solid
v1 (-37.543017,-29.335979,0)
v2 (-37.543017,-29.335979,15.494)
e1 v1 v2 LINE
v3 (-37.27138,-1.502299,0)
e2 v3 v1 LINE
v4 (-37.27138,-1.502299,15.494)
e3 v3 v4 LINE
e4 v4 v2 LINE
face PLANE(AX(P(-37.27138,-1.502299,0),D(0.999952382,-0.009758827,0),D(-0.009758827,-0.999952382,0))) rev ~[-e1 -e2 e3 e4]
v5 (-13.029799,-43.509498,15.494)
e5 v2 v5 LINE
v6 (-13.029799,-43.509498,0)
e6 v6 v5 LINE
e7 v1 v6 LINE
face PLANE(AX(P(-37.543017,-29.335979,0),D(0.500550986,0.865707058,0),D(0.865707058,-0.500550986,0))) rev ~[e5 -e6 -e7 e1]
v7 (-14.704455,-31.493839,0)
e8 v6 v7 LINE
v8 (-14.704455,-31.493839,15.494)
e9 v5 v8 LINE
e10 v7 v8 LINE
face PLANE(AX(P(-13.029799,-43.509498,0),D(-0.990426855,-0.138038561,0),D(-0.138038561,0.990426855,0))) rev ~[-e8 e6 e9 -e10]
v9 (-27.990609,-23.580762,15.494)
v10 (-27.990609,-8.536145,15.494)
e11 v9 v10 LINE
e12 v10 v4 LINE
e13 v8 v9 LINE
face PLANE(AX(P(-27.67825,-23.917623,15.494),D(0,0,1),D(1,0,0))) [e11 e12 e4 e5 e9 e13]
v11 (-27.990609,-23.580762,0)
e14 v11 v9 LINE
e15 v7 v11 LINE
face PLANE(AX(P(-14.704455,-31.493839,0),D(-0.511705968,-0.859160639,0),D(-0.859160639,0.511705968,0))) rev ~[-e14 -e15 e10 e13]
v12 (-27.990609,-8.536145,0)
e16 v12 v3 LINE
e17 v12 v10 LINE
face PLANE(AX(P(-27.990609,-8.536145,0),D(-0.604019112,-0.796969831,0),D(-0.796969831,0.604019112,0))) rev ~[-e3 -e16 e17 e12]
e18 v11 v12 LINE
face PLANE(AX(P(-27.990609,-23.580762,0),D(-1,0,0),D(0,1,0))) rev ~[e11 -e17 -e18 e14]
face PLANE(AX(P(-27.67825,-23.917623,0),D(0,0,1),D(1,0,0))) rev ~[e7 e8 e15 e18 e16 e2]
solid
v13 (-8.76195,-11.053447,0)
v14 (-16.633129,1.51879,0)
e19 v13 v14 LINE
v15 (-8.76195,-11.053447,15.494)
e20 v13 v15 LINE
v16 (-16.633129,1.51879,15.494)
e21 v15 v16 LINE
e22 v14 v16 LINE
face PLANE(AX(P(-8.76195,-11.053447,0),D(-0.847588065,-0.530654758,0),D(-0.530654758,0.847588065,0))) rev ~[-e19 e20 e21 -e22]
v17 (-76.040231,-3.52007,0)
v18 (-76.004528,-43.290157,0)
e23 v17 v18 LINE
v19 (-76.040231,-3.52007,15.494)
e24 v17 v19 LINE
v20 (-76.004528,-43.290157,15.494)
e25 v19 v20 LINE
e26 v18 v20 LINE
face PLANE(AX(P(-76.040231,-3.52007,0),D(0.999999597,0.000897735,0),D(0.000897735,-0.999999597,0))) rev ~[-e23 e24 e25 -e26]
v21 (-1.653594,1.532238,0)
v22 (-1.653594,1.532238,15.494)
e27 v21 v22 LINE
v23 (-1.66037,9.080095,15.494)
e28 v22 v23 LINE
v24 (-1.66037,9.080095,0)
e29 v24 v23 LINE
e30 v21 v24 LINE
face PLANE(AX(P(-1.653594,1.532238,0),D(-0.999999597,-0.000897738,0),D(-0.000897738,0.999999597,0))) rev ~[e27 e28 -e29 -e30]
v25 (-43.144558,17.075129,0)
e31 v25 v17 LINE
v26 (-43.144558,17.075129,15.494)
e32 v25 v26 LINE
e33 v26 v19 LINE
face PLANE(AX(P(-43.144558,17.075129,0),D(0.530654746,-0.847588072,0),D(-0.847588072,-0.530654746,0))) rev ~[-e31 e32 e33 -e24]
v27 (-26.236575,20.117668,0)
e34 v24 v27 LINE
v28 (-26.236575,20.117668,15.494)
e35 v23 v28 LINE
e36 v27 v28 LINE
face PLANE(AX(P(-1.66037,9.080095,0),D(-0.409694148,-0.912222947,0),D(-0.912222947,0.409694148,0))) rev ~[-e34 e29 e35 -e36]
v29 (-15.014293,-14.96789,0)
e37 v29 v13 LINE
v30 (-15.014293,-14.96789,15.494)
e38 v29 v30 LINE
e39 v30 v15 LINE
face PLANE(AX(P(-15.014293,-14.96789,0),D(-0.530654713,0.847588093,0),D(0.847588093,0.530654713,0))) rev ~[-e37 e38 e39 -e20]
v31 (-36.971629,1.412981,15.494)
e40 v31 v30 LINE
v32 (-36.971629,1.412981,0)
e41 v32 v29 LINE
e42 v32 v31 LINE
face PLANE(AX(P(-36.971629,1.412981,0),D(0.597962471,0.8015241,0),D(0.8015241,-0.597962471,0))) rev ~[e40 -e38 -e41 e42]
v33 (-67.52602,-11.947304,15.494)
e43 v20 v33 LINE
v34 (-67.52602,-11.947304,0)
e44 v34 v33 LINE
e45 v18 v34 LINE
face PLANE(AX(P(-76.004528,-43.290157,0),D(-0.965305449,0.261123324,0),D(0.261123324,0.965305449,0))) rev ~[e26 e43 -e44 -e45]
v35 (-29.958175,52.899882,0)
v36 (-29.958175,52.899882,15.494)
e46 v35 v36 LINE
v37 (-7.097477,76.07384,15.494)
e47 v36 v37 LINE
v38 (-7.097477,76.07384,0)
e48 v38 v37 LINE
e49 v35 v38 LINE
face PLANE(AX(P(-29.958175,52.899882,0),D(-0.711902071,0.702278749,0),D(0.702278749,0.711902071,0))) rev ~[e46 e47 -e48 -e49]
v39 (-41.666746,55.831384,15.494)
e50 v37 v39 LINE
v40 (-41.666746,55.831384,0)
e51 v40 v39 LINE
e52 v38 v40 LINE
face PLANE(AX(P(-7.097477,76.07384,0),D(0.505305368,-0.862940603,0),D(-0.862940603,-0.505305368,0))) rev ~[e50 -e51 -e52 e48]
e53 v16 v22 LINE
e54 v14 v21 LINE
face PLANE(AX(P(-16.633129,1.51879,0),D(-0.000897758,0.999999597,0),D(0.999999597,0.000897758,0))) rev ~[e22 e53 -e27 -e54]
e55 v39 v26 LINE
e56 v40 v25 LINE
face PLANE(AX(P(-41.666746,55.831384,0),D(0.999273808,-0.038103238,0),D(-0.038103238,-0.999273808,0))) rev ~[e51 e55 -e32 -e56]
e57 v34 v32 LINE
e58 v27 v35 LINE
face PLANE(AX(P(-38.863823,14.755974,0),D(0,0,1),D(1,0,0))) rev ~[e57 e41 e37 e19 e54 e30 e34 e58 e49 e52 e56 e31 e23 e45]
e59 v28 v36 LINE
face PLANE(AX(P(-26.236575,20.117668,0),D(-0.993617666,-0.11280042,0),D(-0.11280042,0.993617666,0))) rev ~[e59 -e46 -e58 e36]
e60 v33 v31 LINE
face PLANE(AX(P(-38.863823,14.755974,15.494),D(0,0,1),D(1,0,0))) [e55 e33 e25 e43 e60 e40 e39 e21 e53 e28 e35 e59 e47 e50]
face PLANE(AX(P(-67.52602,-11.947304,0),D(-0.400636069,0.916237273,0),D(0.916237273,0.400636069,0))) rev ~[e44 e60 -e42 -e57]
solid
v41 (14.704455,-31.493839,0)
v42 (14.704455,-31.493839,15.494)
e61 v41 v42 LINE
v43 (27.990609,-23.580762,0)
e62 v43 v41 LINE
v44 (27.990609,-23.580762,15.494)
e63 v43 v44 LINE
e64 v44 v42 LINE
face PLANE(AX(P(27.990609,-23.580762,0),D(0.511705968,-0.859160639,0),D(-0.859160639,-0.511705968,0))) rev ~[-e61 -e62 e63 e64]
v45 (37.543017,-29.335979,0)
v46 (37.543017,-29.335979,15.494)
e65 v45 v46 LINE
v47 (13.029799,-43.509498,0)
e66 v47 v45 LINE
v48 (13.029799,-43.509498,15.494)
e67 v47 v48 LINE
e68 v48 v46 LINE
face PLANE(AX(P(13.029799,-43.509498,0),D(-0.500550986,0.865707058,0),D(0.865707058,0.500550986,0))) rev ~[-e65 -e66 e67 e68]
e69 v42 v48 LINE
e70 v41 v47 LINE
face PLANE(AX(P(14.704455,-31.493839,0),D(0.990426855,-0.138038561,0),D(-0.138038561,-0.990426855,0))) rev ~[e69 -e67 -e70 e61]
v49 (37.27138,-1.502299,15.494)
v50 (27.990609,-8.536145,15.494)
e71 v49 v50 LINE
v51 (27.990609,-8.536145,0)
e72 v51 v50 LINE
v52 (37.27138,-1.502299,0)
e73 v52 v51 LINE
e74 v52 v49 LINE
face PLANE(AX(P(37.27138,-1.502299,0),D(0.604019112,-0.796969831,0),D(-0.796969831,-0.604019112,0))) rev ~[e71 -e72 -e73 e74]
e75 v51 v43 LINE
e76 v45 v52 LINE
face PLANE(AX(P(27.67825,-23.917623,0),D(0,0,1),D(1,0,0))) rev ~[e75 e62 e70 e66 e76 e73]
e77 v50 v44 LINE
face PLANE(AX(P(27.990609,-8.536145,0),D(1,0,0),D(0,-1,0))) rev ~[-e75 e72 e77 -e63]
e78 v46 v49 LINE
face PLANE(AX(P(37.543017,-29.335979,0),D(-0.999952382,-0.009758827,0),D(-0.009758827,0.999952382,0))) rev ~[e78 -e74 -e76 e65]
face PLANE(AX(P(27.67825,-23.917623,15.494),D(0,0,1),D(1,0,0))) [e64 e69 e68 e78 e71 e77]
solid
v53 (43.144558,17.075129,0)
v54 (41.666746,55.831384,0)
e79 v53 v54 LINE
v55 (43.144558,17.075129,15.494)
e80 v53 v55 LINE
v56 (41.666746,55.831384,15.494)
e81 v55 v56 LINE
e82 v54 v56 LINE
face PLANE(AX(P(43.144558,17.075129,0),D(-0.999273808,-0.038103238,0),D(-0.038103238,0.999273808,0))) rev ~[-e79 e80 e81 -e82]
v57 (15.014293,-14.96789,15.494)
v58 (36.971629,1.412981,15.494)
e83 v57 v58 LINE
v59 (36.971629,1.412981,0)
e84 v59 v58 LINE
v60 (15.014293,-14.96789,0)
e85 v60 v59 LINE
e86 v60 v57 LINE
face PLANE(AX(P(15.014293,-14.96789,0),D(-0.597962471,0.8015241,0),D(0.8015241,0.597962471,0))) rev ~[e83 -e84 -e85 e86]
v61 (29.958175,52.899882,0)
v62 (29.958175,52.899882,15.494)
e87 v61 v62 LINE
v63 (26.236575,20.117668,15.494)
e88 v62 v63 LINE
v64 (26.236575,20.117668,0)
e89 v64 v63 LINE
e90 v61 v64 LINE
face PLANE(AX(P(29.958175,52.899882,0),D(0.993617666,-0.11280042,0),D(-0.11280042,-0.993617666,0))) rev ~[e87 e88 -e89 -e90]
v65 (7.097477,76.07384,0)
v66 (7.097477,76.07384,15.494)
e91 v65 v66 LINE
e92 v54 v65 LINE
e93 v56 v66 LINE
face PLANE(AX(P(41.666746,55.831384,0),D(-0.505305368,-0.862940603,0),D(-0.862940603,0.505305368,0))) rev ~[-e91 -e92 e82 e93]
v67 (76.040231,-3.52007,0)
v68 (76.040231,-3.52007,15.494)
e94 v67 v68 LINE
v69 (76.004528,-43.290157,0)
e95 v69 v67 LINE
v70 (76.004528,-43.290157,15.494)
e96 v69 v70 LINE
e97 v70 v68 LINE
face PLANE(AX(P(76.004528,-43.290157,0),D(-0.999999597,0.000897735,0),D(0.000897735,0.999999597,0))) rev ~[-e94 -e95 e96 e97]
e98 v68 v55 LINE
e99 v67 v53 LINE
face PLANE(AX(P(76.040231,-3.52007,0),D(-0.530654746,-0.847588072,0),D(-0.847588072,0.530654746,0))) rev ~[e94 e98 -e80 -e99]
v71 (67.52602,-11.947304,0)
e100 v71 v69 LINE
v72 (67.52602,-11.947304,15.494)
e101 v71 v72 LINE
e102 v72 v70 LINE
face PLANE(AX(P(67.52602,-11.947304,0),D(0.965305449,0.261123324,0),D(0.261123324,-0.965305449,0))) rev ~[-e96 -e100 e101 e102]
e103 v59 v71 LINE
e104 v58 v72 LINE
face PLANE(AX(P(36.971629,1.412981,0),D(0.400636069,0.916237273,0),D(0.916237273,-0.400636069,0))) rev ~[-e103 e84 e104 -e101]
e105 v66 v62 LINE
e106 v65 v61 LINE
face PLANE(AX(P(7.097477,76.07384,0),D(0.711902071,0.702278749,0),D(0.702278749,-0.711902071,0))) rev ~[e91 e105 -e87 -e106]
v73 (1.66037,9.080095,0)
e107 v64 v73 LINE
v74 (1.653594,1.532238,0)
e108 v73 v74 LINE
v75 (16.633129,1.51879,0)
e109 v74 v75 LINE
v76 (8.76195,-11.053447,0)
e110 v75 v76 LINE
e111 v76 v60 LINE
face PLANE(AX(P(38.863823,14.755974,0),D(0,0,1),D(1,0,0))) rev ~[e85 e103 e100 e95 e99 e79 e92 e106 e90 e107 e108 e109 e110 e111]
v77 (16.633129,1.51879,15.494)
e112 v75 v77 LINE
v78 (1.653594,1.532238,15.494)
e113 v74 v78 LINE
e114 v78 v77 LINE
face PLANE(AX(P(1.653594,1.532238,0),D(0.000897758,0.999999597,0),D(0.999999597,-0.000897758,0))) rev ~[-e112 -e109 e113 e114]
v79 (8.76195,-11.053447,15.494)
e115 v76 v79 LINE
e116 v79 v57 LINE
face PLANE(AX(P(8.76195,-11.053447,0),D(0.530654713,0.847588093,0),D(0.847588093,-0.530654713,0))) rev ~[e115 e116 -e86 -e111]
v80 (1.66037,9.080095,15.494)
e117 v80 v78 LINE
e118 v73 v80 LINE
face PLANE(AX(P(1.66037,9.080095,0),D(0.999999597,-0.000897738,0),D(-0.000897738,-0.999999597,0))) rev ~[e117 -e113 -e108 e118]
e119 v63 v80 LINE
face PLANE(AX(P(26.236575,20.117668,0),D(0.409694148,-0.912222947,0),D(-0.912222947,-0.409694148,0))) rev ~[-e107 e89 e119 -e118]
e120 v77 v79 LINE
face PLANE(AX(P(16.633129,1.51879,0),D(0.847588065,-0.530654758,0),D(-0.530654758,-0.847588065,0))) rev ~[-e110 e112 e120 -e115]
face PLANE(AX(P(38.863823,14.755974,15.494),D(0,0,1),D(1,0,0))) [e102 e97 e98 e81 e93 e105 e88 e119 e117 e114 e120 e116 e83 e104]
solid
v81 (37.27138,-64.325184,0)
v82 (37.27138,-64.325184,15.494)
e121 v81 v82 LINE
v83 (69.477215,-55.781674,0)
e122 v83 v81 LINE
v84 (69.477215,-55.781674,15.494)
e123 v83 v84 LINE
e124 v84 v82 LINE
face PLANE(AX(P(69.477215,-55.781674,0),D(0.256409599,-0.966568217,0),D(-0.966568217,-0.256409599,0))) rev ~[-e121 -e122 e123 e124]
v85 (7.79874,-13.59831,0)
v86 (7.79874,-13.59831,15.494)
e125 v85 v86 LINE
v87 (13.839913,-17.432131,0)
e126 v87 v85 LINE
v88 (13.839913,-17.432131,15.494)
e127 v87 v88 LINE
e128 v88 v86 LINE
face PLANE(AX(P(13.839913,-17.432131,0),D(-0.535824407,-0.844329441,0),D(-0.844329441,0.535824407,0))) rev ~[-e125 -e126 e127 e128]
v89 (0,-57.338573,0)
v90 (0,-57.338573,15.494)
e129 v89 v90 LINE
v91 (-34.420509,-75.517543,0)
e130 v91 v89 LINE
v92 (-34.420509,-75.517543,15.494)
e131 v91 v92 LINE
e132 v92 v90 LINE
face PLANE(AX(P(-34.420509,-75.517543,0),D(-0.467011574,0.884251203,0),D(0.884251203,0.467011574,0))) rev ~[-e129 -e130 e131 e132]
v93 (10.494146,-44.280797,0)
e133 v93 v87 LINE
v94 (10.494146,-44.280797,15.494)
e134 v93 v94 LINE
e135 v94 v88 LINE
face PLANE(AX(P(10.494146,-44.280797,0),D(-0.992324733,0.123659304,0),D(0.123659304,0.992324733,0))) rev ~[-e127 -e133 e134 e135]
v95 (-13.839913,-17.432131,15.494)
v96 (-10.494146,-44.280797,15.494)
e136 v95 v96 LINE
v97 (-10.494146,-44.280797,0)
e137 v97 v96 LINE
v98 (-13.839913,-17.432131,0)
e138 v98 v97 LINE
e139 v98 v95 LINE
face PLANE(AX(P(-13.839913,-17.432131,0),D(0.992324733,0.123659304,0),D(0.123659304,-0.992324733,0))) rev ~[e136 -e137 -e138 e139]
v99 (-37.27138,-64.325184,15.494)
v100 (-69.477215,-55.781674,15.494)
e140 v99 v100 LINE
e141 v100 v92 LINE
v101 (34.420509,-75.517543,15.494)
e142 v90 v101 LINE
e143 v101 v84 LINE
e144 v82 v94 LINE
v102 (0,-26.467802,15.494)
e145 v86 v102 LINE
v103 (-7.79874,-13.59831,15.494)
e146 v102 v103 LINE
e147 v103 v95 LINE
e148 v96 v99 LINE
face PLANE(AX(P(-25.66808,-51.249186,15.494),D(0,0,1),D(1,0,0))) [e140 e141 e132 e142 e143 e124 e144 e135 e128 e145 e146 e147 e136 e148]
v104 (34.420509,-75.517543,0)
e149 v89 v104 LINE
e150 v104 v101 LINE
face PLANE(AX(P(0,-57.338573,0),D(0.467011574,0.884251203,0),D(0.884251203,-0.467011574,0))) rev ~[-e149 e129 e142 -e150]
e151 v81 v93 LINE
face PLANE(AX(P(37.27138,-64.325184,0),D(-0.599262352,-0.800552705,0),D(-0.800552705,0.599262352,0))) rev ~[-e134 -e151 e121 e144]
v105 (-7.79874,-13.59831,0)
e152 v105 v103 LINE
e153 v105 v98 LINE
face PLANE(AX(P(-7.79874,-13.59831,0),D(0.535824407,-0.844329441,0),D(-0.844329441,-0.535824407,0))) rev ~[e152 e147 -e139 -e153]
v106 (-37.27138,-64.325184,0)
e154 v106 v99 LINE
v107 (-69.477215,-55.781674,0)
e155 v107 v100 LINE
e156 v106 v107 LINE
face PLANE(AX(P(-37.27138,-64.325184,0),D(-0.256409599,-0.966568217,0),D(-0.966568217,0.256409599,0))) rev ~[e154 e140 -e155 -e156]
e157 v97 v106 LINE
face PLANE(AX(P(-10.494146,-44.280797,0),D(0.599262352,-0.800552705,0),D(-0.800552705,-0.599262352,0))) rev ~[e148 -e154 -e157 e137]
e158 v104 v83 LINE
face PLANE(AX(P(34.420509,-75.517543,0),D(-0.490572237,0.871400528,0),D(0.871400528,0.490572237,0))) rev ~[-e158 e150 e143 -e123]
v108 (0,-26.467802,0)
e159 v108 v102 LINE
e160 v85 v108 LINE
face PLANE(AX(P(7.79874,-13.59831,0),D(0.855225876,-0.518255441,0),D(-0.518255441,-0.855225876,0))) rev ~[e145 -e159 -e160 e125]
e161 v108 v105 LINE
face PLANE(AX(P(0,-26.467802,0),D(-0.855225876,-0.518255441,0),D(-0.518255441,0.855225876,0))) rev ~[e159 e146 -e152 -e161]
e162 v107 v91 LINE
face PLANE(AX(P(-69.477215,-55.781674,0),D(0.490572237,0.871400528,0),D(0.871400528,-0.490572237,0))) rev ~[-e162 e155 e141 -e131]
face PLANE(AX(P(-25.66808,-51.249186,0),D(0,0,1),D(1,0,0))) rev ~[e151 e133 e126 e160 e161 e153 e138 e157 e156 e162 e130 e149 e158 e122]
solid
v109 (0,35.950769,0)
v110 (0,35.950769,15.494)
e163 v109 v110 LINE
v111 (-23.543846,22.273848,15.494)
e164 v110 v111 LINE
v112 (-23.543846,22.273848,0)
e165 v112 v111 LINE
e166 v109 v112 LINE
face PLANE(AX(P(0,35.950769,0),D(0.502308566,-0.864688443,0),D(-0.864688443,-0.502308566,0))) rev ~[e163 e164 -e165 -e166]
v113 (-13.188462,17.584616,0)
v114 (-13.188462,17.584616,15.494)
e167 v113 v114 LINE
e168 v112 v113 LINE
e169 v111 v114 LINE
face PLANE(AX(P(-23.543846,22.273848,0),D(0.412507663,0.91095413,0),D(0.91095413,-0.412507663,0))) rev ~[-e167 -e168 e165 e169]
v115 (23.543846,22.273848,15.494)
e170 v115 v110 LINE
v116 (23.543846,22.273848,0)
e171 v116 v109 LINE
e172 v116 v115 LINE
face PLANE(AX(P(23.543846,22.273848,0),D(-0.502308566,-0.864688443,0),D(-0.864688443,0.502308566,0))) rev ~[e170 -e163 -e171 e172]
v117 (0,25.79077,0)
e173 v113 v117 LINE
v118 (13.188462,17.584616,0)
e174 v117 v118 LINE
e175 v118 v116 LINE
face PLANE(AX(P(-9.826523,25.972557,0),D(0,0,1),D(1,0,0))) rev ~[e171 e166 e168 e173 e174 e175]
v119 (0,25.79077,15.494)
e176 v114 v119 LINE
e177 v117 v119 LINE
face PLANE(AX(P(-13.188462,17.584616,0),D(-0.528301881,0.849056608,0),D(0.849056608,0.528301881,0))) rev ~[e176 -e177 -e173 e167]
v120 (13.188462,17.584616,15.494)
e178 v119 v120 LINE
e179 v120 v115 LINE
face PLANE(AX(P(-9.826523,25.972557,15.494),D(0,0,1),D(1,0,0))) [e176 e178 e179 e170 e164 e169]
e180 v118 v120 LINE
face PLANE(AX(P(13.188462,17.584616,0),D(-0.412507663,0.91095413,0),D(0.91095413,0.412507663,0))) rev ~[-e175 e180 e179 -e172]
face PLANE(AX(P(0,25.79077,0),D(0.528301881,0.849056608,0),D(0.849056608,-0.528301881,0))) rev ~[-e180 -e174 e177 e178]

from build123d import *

# Parameters (mm, degrees)
F1_DEPTH = 15.494


with BuildPart() as f1:
    # F0 (on Top) → F1 (new body)
    with BuildSketch(Plane.XY):
        Polygon((-29.958175, 52.899882), (-7.097477, 76.07384), (-41.666746, 55.831384), (-43.144558, 17.075129), (-76.040231, -3.52007), (-76.004528, -43.290157), (-67.52602, -11.947304), (-36.971629, 1.412981), (-15.014293, -14.96789), (-8.76195, -11.053447), (-16.633129, 1.51879), (-1.653594, 1.532238), (-1.66037, 9.080095), (-26.236575, 20.117668), align=None)
        Polygon((7.097477, 76.07384), (29.958175, 52.899882), (26.236575, 20.117668), (1.66037, 9.080095), (1.653594, 1.532238), (16.633129, 1.51879), (8.76195, -11.053447), (15.014293, -14.96789), (36.971629, 1.412981), (67.52602, -11.947304), (76.004528, -43.290157), (76.040231, -3.52007), (43.144558, 17.075129), (41.666746, 55.831384), align=None)
        Polygon((-23.543846, 22.273848), (-13.188462, 17.584616), (0, 25.79077), (0, 35.950769), align=None)
        Polygon((0, 35.950769), (0, 25.79077), (13.188462, 17.584616), (23.543846, 22.273848), align=None)
        Polygon((0, -57.338573), (0, -26.467802), (-7.79874, -13.59831), (-13.839913, -17.432131), (-10.494146, -44.280797), (-37.27138, -64.325184), (-69.477215, -55.781674), (-34.420509, -75.517543), align=None)
        Polygon((7.79874, -13.59831), (0, -26.467802), (0, -57.338573), (34.420509, -75.517543), (69.477215, -55.781674), (37.27138, -64.325184), (10.494146, -44.280797), (13.839913, -17.432131), align=None)
        Polygon((-27.990609, -8.536145), (-37.27138, -1.502299), (-37.543017, -29.335979), (-13.029799, -43.509498), (-14.704455, -31.493839), (-27.990609, -23.580762), align=None)
        Polygon((37.27138, -1.502299), (27.990609, -8.536145), (27.990609, -23.580762), (14.704455, -31.493839), (13.029799, -43.509498), (37.543017, -29.335979), align=None)
    extrude(amount=F1_DEPTH)


solid = f1.part
